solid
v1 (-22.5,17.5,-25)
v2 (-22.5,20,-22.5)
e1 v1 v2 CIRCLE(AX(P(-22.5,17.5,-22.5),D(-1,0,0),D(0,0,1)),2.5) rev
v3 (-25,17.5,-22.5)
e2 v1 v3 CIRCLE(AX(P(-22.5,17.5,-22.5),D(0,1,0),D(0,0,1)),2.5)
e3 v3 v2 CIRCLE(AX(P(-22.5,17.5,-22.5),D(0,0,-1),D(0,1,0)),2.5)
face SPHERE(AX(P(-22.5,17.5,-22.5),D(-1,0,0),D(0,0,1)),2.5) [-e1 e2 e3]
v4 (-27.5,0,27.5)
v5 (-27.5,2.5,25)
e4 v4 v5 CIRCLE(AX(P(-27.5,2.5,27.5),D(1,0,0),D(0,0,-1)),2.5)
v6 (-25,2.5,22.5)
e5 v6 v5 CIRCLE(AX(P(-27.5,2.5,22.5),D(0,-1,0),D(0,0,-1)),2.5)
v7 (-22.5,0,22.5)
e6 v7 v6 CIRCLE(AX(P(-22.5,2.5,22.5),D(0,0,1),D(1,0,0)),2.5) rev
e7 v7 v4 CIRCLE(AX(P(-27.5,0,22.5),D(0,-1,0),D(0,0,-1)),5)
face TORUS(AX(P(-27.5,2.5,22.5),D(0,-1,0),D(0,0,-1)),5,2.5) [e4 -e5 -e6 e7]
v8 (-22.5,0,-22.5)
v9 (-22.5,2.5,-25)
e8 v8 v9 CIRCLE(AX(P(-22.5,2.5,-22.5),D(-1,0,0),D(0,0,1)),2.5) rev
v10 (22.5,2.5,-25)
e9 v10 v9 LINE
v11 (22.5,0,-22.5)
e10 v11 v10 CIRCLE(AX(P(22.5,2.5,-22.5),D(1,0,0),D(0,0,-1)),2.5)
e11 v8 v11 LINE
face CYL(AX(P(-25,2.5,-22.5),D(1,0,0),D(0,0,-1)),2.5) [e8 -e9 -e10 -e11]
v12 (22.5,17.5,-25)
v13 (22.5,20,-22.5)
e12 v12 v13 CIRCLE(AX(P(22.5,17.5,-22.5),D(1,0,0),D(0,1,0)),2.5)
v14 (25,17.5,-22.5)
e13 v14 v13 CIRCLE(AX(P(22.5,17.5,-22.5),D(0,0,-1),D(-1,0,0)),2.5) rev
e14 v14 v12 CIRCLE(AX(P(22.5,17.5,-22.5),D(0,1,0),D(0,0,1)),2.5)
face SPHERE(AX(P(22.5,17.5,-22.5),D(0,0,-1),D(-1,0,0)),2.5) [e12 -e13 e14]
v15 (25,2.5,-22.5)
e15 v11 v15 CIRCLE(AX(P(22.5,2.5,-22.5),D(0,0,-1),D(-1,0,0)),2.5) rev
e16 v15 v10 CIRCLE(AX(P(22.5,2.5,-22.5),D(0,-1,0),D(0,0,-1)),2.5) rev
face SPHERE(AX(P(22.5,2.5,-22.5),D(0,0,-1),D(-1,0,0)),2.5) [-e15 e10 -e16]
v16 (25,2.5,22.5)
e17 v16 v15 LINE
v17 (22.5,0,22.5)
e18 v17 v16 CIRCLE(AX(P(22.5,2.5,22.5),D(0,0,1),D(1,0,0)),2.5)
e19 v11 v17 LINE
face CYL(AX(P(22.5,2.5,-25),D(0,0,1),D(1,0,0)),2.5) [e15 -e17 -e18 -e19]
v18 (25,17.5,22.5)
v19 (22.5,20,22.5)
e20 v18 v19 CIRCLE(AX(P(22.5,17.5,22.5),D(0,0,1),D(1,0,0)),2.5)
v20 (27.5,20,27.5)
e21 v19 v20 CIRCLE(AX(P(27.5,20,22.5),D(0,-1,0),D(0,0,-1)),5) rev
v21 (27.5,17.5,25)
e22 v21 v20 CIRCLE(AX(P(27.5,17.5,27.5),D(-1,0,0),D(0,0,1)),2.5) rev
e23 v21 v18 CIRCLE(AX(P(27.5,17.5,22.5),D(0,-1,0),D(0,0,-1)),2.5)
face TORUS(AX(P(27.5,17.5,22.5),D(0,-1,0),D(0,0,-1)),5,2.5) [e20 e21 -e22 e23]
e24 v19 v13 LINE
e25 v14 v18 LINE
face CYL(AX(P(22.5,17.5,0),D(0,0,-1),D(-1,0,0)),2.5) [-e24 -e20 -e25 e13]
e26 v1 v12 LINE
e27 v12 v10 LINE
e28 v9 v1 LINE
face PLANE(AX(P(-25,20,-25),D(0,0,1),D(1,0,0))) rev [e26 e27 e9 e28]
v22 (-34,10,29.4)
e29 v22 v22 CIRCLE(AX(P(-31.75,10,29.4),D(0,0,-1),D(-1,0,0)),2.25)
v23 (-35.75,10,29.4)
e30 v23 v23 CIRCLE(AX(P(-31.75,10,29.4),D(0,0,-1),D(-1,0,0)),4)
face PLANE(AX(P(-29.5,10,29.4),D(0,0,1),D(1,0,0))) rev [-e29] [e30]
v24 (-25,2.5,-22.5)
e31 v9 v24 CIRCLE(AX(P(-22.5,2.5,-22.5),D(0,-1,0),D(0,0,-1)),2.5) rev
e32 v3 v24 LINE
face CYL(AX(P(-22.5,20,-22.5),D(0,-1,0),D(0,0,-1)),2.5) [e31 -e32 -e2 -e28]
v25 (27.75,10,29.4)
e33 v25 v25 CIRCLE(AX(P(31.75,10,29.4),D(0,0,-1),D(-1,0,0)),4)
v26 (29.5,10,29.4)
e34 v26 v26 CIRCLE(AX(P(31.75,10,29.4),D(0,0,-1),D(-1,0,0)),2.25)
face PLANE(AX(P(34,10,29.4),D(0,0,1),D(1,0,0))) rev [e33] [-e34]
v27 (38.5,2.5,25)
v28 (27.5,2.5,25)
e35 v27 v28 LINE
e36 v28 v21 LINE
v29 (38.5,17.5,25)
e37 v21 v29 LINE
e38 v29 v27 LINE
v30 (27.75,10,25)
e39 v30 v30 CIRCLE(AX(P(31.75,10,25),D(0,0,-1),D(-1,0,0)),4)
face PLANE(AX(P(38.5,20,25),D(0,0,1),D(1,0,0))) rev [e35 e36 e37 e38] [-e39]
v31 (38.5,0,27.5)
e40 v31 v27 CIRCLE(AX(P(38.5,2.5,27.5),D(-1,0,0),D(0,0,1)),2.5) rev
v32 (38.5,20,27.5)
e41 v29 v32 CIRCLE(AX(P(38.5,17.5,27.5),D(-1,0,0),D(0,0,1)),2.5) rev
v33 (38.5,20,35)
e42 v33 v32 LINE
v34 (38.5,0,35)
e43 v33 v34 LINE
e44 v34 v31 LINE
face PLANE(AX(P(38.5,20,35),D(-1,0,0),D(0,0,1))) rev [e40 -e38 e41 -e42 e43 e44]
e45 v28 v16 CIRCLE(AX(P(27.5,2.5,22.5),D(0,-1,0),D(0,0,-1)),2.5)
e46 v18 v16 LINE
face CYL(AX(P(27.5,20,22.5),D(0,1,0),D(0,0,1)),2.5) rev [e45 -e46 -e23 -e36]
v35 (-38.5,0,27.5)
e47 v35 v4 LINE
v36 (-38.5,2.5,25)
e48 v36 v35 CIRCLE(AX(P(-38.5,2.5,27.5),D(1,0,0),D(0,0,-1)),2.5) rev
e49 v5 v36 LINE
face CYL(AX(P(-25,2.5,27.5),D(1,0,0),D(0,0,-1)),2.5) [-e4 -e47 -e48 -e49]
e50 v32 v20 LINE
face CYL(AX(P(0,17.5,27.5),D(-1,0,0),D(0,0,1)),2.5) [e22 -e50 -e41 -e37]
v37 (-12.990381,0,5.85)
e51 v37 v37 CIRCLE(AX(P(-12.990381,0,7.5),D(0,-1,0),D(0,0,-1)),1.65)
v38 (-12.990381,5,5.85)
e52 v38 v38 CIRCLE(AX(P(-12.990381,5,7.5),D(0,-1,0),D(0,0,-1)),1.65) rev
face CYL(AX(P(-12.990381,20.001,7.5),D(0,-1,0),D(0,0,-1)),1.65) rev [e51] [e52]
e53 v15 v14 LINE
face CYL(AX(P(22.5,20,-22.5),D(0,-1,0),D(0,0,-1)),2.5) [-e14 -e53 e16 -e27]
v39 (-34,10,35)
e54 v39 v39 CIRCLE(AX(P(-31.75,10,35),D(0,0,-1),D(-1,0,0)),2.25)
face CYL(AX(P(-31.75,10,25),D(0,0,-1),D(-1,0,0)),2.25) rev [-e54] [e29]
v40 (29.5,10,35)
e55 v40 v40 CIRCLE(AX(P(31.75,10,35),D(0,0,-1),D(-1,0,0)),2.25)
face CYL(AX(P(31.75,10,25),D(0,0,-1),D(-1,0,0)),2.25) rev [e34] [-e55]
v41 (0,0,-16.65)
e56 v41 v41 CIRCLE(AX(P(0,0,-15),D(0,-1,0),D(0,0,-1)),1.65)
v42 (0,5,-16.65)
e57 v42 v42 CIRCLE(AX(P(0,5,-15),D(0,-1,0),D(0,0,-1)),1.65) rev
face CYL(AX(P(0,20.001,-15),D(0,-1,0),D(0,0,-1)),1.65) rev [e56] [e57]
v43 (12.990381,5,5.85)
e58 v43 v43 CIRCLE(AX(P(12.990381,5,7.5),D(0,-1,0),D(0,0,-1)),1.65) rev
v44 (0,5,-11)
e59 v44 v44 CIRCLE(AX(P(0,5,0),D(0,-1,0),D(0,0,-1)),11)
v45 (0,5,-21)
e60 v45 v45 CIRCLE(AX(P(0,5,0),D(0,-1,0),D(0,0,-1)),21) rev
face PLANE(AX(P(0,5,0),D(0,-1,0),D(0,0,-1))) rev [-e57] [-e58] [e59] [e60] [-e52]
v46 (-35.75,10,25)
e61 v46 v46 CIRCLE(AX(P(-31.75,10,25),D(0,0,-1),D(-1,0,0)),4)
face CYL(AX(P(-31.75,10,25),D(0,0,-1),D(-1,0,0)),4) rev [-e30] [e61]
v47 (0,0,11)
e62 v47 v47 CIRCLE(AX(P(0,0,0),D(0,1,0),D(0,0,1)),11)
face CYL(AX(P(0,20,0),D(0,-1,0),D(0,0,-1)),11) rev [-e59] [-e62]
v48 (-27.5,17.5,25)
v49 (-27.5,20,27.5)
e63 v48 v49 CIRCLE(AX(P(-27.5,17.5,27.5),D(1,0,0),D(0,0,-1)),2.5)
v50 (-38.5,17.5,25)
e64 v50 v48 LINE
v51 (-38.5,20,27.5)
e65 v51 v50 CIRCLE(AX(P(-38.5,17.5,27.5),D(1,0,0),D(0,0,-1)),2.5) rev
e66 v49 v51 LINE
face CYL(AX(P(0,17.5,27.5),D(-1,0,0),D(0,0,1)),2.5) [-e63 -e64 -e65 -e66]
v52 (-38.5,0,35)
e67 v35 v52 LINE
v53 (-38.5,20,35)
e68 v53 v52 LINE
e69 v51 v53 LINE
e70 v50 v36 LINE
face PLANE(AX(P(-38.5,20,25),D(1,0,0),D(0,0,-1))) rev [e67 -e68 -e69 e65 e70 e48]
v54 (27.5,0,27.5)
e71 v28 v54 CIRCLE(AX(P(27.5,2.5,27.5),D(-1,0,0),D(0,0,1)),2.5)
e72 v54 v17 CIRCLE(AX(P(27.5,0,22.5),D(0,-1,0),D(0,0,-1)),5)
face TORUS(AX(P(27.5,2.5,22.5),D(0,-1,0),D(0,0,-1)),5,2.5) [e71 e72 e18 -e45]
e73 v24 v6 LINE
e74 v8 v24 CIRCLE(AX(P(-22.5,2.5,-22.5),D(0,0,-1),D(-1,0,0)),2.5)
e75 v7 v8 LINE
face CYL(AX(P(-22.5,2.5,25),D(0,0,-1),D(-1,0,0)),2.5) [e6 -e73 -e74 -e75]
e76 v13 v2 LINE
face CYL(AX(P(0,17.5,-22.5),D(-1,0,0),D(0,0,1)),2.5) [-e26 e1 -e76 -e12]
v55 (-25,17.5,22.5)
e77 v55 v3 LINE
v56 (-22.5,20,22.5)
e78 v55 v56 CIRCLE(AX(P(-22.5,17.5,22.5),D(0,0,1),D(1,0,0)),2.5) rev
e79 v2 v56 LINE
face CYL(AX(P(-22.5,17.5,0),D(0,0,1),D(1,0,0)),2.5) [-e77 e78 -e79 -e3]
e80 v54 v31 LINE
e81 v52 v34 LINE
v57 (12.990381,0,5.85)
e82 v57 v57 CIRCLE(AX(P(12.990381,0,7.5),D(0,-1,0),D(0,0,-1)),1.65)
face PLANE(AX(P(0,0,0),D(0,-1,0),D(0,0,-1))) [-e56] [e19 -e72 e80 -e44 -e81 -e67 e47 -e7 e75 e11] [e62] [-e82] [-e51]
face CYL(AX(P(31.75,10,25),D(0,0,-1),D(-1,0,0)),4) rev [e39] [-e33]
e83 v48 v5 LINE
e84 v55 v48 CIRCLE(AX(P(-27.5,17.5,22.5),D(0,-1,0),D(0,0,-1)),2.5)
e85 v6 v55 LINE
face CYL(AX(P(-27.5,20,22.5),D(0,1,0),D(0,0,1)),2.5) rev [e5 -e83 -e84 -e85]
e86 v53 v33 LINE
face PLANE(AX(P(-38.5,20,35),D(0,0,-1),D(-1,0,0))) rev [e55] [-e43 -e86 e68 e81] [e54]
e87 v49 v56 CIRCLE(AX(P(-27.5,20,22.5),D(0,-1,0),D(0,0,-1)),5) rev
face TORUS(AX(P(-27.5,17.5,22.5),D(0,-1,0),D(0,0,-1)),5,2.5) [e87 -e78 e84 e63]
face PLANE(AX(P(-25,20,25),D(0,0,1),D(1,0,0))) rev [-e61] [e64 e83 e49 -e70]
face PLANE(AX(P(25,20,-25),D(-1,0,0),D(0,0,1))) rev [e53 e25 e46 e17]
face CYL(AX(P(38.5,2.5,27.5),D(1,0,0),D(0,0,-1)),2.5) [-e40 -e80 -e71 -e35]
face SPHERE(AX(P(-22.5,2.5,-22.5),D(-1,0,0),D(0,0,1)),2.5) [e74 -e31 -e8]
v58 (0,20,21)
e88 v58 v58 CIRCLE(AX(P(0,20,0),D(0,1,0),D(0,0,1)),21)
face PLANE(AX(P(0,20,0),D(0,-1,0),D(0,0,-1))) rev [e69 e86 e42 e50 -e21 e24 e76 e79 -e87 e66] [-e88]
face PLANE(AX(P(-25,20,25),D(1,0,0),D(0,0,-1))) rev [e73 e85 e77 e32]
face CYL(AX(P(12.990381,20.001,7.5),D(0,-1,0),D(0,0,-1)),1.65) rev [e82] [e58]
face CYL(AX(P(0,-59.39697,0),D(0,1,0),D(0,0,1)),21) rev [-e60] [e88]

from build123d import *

# Parameters (mm, degrees)
SKETCH1_R                                           = 11
BOSS_EXTRUDE1_DEPTH                                 = 20
SKETCH2_R                                           = 21
CUT_EXTRUDE1_DEPTH                                  = 15
CBORE_FOR_M4_HEX_SOCKET_HEAD_CAP_SCREW2_D           = 4.5
CBORE_FOR_M4_HEX_SOCKET_HEAD_CAP_SCREW2_CBORE_D     = 8
CBORE_FOR_M4_HEX_SOCKET_HEAD_CAP_SCREW2_CBORE_DEPTH = 4.4
CUT_EXTRUDE2_REACH                                  = 57.743
SKETCH5_R                                           = 1.65
FILLET1_R                                           = 2.5


with BuildPart() as part:
    # Sketch1 → Boss-Extrude1 (new body)
    with BuildSketch(Plane(origin=(0, 0, 0), x_dir=(1, 0, 0), z_dir=(0, 1, 0))):
        Polygon((-25, -25), (-38.5, -25), (-38.5, -35), (38.5, -35), (38.5, -25), (25, -25), (25, 25), (-25, 25), align=None)
        with Locations(Location((0, 0, 0), (0, 0, 270))):
            Circle(SKETCH1_R, mode=Mode.SUBTRACT)
    extrude(amount=BOSS_EXTRUDE1_DEPTH)

    # Sketch2 → Cut-Extrude1 (cut)
    with BuildSketch(Plane(origin=(0, 20, 0), x_dir=(1, 0, 0), z_dir=(0, 1, 0))):
        with Locations(Location((0, 0, 0), (0, 0, 270))):
            Circle(SKETCH2_R)
    extrude(amount=-CUT_EXTRUDE1_DEPTH, mode=Mode.SUBTRACT)

    # CBORE for M4 Hex Socket Head Cap Screw2 (through all)
    with Locations(Plane(origin=(31.75, 10, 25), x_dir=(-1, 0, 0), z_dir=(0, 0, -1))):
        with Locations((0, 0), (63.5, 0)):
            CounterBoreHole(CBORE_FOR_M4_HEX_SOCKET_HEAD_CAP_SCREW2_D / 2, CBORE_FOR_M4_HEX_SOCKET_HEAD_CAP_SCREW2_CBORE_D / 2, CBORE_FOR_M4_HEX_SOCKET_HEAD_CAP_SCREW2_CBORE_DEPTH)

    # Sketch5 → Cut-Extrude2 (cut, up to next)
    with BuildSketch(Plane.XZ, mode=Mode.PRIVATE) as cut_extrude2_sk1:
        with Locations(Location((12.990381057, 7.5, 0), (0, 0, 270))):
            Circle(SKETCH5_R)
    cut_extrude2_tool1 = extrude(cut_extrude2_sk1.sketch, amount=-CUT_EXTRUDE2_REACH, mode=Mode.PRIVATE) & part.part
    # Sketch5 → Cut-Extrude2 (cut, up to next)
    with BuildSketch(Plane.XZ, mode=Mode.PRIVATE) as cut_extrude2_sk2:
        with Locations(Location((-12.990381057, 7.5, 0), (0, 0, 270))):
            Circle(SKETCH5_R)
    cut_extrude2_tool2 = extrude(cut_extrude2_sk2.sketch, amount=-CUT_EXTRUDE2_REACH, mode=Mode.PRIVATE) & part.part
    # Sketch5 → Cut-Extrude2 (cut, up to next)
    with BuildSketch(Plane.XZ, mode=Mode.PRIVATE) as cut_extrude2_sk3:
        with Locations(Location((0, -15, 0), (0, 0, 270))):
            Circle(SKETCH5_R)
    cut_extrude2_tool3 = extrude(cut_extrude2_sk3.sketch, amount=-CUT_EXTRUDE2_REACH, mode=Mode.PRIVATE) & part.part
    add(cut_extrude2_tool1.solids().sort_by_distance((12.990381, 0, 7.5))[0], mode=Mode.SUBTRACT)
    add(cut_extrude2_tool2.solids().sort_by_distance((-12.990381, 0, 7.5))[0], mode=Mode.SUBTRACT)
    add(cut_extrude2_tool3.solids().sort_by_distance((0, 0, -15))[0], mode=Mode.SUBTRACT)

    # Fillet1
    fillet1_edges = [part.edges().sort_by_distance(p)[0] for p in [
        (-31.75, 0, 25),
        (-25, 0, 0),
        (0, 0, -25),
        (-31.75, 20, 25),
        (25, 10, -25),
        (25, 10, 25),
        (-25, 10, 25),
        (-25, 10, -25),
        (31.75, 20, 25),
        (25, 20, 0),
        (0, 20, -25),
        (25, 0, 0),
        (-25, 20, 0),
        (31.75, 0, 25),
    ]]
    fillet(fillet1_edges, radius=FILLET1_R)


solid = part.part
